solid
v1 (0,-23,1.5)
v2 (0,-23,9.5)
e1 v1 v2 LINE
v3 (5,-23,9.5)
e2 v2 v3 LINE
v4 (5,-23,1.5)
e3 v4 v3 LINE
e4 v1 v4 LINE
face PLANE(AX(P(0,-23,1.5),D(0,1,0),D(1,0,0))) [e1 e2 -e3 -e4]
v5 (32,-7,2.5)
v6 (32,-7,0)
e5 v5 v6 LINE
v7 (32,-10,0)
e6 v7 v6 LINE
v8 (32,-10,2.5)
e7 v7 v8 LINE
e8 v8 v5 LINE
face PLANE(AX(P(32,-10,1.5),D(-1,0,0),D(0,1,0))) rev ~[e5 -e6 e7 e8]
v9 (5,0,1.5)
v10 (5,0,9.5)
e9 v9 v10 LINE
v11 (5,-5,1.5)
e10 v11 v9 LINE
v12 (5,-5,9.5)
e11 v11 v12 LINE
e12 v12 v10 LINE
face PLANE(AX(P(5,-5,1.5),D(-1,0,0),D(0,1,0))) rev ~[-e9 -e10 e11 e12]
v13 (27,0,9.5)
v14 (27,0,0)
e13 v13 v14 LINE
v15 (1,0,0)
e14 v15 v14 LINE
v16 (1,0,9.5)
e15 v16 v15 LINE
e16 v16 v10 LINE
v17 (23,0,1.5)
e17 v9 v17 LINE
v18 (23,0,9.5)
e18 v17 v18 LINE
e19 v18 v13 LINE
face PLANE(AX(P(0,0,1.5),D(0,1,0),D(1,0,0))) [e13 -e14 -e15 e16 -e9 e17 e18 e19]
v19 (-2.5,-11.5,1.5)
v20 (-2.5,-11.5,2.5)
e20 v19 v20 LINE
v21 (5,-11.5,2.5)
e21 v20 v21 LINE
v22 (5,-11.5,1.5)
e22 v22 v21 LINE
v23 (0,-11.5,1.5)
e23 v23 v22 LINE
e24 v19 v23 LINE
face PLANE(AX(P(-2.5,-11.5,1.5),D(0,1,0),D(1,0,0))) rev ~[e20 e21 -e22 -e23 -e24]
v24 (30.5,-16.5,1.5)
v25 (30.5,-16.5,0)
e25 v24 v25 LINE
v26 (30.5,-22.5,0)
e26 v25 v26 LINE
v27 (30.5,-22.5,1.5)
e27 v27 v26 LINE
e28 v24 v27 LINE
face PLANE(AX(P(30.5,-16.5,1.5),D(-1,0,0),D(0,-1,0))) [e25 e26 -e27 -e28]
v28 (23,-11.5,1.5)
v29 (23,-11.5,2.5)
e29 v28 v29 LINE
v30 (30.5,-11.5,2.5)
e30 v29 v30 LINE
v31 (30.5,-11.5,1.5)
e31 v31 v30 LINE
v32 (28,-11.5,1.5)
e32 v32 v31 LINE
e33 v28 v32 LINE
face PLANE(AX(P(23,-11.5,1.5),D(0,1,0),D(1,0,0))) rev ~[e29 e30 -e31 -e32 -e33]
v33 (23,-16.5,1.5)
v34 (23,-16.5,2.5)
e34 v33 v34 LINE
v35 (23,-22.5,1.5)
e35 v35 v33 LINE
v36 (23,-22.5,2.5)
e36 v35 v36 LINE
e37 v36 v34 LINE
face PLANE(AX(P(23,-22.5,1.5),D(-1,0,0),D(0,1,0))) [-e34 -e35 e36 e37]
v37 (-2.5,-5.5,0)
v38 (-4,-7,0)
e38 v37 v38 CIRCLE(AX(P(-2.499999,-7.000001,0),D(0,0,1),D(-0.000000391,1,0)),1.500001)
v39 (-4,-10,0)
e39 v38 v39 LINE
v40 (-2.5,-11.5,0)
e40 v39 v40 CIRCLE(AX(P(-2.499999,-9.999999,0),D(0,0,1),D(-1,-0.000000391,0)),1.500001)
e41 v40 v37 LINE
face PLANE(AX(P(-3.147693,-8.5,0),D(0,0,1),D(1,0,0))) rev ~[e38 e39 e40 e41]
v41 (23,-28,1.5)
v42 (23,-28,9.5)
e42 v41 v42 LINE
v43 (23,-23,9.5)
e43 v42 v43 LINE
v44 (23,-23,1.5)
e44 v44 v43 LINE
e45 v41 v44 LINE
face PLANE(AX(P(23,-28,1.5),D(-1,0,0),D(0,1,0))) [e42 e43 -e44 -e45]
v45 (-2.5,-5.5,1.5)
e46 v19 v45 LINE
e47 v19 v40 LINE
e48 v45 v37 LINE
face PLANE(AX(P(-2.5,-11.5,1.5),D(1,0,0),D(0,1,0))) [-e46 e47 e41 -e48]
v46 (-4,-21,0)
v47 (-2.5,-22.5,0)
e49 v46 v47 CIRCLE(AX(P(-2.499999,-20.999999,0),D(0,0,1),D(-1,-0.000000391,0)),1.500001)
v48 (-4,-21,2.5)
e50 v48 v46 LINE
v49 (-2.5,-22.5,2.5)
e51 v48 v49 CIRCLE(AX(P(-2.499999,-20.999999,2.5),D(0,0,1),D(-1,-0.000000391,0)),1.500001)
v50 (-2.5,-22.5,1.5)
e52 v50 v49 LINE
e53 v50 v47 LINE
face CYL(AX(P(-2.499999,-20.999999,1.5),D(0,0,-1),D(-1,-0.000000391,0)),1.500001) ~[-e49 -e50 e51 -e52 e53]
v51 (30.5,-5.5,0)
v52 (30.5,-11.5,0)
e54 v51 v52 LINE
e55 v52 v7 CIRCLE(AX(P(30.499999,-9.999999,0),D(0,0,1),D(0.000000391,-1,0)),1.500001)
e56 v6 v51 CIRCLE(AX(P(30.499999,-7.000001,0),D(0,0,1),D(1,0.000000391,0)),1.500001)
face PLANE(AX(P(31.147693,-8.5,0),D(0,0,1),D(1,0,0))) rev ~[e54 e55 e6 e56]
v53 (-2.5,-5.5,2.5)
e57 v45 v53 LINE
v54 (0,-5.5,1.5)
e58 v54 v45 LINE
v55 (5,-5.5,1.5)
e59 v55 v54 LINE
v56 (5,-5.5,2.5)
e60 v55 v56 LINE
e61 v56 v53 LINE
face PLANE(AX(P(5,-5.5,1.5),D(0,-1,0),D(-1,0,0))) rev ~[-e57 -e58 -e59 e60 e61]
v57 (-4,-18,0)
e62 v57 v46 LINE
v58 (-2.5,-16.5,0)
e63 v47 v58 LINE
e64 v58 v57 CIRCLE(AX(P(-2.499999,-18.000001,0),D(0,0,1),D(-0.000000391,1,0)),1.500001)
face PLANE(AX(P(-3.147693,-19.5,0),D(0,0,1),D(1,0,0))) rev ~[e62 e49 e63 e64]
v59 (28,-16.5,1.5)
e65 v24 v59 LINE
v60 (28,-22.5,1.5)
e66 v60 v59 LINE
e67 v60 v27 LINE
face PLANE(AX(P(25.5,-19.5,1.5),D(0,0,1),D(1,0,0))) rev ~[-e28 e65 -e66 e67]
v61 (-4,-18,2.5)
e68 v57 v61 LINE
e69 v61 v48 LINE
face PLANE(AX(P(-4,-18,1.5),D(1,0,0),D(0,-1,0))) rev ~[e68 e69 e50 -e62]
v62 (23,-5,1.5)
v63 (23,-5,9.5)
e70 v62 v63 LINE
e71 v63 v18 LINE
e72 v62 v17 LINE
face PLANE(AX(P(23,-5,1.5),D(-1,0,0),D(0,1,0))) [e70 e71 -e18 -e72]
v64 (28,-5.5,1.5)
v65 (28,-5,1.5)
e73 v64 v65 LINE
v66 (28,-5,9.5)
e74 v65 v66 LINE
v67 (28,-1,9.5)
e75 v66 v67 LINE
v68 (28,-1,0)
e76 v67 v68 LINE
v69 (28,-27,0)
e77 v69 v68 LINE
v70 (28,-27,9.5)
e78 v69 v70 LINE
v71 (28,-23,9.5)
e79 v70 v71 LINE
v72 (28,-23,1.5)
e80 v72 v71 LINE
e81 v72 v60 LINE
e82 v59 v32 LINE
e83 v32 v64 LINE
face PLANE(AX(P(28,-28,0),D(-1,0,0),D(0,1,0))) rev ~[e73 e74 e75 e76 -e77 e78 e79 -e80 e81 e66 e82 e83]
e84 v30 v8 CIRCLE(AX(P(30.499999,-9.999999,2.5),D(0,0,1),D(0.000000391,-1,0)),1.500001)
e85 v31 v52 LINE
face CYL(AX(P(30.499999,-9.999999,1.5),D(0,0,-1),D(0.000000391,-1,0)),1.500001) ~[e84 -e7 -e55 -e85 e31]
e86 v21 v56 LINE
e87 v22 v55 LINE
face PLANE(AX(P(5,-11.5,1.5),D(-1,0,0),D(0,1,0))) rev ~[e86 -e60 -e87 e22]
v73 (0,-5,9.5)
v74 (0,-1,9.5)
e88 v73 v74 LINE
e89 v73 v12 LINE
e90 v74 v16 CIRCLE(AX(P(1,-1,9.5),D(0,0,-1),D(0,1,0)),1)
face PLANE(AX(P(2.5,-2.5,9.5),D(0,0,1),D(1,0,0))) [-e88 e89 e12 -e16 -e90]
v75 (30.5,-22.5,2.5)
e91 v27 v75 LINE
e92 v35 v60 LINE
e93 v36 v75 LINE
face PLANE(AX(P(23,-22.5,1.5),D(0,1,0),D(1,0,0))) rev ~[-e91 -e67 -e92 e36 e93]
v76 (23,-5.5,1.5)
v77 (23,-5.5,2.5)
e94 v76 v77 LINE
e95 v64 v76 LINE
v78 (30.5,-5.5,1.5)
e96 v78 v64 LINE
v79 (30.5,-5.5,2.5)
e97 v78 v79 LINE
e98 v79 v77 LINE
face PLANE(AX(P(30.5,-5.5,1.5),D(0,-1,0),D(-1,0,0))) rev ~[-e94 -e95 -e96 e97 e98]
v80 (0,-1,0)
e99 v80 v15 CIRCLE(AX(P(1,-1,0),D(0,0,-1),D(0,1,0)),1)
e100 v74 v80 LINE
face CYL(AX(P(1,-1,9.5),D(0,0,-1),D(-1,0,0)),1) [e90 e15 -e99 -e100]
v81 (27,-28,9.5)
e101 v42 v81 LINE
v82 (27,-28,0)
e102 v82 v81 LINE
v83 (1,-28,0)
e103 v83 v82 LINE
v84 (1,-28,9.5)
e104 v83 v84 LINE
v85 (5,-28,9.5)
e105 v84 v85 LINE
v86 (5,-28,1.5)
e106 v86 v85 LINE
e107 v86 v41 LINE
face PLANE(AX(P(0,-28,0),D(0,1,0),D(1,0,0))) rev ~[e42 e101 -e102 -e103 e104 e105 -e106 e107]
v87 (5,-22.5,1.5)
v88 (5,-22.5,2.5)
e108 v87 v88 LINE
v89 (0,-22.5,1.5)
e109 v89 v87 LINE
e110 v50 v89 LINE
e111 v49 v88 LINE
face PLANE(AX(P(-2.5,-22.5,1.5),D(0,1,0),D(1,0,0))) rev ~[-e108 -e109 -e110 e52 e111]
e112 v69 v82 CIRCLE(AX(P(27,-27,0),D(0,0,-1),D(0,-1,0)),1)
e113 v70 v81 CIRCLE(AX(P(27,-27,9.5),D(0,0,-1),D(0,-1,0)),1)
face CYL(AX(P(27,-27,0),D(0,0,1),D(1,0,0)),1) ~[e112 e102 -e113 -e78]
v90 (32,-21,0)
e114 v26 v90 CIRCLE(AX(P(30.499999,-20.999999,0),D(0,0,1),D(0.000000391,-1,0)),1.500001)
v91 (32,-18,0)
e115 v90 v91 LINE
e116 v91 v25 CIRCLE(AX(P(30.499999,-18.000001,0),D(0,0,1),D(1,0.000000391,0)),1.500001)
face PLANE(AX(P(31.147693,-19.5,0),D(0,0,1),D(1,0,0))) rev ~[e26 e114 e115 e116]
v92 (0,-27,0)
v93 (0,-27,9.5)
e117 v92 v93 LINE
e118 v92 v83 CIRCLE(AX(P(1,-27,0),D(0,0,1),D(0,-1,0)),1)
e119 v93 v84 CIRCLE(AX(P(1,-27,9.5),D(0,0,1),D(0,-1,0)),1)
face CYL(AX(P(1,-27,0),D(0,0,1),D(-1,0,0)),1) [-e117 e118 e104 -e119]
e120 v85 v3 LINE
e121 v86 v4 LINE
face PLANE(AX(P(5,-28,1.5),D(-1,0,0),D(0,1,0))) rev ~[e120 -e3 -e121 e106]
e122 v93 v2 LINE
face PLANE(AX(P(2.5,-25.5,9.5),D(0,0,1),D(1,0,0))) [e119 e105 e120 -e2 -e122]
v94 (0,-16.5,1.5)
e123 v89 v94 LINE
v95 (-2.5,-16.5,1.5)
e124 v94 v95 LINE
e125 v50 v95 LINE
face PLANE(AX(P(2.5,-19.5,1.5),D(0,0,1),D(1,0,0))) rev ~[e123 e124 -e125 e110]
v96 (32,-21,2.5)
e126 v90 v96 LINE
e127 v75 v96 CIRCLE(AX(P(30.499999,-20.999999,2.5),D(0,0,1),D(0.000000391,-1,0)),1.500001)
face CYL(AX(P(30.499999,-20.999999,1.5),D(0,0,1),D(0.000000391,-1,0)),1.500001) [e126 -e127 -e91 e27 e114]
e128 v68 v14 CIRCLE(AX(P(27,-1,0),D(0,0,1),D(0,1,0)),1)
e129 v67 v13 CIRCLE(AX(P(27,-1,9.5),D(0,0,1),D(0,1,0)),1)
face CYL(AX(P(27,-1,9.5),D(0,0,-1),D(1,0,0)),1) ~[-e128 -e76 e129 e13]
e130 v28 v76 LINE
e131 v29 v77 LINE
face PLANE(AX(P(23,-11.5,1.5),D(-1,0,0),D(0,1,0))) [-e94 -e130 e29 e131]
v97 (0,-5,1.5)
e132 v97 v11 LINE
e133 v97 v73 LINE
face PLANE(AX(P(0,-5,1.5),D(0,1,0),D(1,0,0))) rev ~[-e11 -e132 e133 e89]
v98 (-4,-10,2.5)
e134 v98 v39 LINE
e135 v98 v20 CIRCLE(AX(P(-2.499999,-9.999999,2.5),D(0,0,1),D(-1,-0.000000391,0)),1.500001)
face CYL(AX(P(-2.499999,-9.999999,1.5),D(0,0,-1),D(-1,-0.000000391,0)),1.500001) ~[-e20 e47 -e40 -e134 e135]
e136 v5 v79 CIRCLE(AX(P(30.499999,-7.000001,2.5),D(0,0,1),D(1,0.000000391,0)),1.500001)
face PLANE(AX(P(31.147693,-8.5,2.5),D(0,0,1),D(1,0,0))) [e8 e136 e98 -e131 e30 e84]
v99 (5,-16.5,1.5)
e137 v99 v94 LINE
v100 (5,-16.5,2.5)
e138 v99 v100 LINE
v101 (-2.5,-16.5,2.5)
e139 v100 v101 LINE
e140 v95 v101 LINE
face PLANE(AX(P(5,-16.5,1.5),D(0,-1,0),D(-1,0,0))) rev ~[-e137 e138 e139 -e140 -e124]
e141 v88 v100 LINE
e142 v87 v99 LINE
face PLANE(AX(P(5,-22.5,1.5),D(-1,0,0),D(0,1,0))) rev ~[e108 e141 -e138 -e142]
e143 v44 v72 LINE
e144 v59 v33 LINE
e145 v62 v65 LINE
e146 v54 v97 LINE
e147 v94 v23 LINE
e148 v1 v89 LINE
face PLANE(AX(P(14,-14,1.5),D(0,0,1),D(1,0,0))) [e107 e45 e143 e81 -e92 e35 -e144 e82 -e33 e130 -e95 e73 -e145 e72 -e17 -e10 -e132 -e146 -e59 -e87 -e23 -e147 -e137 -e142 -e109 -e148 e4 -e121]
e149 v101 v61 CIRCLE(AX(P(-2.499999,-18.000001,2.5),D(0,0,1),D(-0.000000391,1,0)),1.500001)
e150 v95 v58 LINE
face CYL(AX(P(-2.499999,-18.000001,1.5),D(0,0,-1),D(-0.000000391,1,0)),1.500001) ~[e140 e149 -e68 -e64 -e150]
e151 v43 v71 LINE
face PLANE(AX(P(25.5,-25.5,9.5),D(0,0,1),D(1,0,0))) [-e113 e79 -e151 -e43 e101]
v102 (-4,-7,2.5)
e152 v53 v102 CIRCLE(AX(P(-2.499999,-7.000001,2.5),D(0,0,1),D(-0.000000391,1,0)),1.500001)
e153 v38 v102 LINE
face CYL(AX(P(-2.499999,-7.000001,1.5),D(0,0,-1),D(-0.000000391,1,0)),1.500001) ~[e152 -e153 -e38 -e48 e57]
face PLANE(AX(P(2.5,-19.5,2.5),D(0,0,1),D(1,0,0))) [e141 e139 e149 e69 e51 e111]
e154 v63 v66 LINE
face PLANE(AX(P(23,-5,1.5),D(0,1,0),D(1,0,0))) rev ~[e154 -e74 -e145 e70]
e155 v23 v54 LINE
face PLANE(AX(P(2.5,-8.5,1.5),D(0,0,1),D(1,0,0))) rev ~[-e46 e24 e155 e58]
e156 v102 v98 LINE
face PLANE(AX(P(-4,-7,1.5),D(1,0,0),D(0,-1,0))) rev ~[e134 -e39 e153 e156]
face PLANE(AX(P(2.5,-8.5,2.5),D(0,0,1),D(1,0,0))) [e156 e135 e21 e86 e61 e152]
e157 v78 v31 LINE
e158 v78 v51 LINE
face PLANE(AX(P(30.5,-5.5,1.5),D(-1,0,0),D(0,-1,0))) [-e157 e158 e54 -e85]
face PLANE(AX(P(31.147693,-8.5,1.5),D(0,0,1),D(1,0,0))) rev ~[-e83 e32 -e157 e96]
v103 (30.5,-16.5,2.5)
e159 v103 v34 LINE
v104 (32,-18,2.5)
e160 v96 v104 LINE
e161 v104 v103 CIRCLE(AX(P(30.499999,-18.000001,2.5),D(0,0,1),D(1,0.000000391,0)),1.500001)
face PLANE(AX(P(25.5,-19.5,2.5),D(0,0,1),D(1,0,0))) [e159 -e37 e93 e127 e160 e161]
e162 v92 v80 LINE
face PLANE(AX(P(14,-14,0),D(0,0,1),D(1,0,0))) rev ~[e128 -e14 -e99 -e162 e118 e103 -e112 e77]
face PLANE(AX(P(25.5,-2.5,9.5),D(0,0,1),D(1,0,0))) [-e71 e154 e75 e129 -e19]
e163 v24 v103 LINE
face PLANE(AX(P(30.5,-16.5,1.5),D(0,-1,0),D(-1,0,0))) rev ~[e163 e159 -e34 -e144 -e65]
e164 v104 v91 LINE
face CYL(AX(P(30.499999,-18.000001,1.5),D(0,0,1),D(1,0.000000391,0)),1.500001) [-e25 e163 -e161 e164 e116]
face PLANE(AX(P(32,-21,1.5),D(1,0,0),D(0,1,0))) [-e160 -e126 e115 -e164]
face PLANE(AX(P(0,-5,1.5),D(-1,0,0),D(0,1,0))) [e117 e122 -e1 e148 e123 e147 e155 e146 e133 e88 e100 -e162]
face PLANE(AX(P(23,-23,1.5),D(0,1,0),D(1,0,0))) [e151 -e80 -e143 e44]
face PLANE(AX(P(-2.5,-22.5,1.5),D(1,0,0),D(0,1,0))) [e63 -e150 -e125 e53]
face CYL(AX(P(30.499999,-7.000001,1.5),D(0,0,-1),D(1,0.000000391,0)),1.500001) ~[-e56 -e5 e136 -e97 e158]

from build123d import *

# Parameters (mm, degrees)
F0_W     = 28
F0_H     = 28
F1_DEPTH = 1.5
F2_W     = 5
F2_H     = 5
F3_DEPTH = 8
F4_R     = 1
F5_W     = 5
F5_H     = 6
F5_W_2   = 2.5
F6_DEPTH = 1
F7_DEPTH = 1.5


with BuildPart() as f1:
    # F0 (on Top) → F1 (new body)
    with BuildSketch(Plane.XY):
        with Locations((14, -14)):
            Rectangle(F0_W, F0_H)
    extrude(amount=F1_DEPTH)

    # F2 (on face) → F3 (join)
    with BuildSketch(Plane.XY.offset(1.5)):
        with Locations((2.5, -2.5)):
            Rectangle(F2_W, F2_H)
        with Locations((25.5, -2.5)):
            Rectangle(F2_W, F2_H)
        with Locations((25.5, -25.5)):
            Rectangle(F2_W, F2_H)
        with Locations((2.5, -25.5)):
            Rectangle(F2_W, F2_H)
    extrude(amount=F3_DEPTH)

    # F4
    f4_edges = [f1.edges().sort_by_distance(p)[0] for p in [
        (0, -28, 4.75),
        (0, 0, 4.75),
        (28, 0, 4.75),
        (28, -28, 4.75),
    ]]
    fillet(f4_edges, radius=F4_R)

    # F5 (on face) → F6 (join)
    with BuildSketch(Plane.XY.offset(1.5)):
        with Locations((25.5, -19.5)):
            Rectangle(F5_W, F5_H)
        with BuildLine():
            Line((30.5, -16.5), (30.5, -22.5))
            ThreePointArc((30.5, -22.5), (31.56066, -22.06066), (32, -21))
            Line((32, -21), (32, -18))
            ThreePointArc((32, -18), (31.56066, -16.93934), (30.5, -16.5))
        make_face()
        with BuildLine():
            Line((30.5, -5.5), (30.5, -11.5))
            ThreePointArc((30.5, -11.5), (31.56066, -11.06066), (32, -10))
            Line((32, -10), (32, -7))
            ThreePointArc((32, -7), (31.56066, -5.93934), (30.5, -5.5))
        make_face()
        with Locations((25.5, -8.5)):
            Rectangle(F5_W, F5_H)
        with Locations((2.5, -19.5)):
            Rectangle(F5_W, F5_H)
        with Locations((2.5, -8.5)):
            Rectangle(F5_W, F5_H)
        with BuildLine():
            ThreePointArc((-4, -10), (-3.56066, -11.06066), (-2.5, -11.5))
            Line((-2.5, -11.5), (-2.5, -5.5))
            ThreePointArc((-2.5, -5.5), (-3.56066, -5.93934), (-4, -7))
            Line((-4, -7), (-4, -10))
        make_face()
        with BuildLine():
            ThreePointArc((-4, -21), (-3.56066, -22.06066), (-2.5, -22.5))
            Line((-2.5, -22.5), (-2.5, -16.5))
            ThreePointArc((-2.5, -16.5), (-3.56066, -16.93934), (-4, -18))
            Line((-4, -18), (-4, -21))
        make_face()
        with Locations((29.25, -8.5)):
            Rectangle(F5_W_2, F5_H)
        with Locations((29.25, -19.5)):
            Rectangle(F5_W_2, F5_H)
        with Locations((-1.25, -19.5)):
            Rectangle(F5_W_2, F5_H)
        with Locations((-1.25, -8.5)):
            Rectangle(F5_W_2, F5_H)
    extrude(amount=F6_DEPTH)

    # F5 (on face) → F7 (join, through all)
    with BuildSketch(Plane.XY.offset(1.5)):
        with BuildLine():
            Line((30.5, -16.5), (30.5, -22.5))
            ThreePointArc((30.5, -22.5), (31.56066, -22.06066), (32, -21))
            Line((32, -21), (32, -18))
            ThreePointArc((32, -18), (31.56066, -16.93934), (30.5, -16.5))
        make_face()
        with BuildLine():
            Line((30.5, -5.5), (30.5, -11.5))
            ThreePointArc((30.5, -11.5), (31.56066, -11.06066), (32, -10))
            Line((32, -10), (32, -7))
            ThreePointArc((32, -7), (31.56066, -5.93934), (30.5, -5.5))
        make_face()
        with BuildLine():
            ThreePointArc((-4, -10), (-3.56066, -11.06066), (-2.5, -11.5))
            Line((-2.5, -11.5), (-2.5, -5.5))
            ThreePointArc((-2.5, -5.5), (-3.56066, -5.93934), (-4, -7))
            Line((-4, -7), (-4, -10))
        make_face()
        with BuildLine():
            ThreePointArc((-4, -21), (-3.56066, -22.06066), (-2.5, -22.5))
            Line((-2.5, -22.5), (-2.5, -16.5))
            ThreePointArc((-2.5, -16.5), (-3.56066, -16.93934), (-4, -18))
            Line((-4, -18), (-4, -21))
        make_face()
    extrude(amount=-F7_DEPTH)


solid = f1.part
